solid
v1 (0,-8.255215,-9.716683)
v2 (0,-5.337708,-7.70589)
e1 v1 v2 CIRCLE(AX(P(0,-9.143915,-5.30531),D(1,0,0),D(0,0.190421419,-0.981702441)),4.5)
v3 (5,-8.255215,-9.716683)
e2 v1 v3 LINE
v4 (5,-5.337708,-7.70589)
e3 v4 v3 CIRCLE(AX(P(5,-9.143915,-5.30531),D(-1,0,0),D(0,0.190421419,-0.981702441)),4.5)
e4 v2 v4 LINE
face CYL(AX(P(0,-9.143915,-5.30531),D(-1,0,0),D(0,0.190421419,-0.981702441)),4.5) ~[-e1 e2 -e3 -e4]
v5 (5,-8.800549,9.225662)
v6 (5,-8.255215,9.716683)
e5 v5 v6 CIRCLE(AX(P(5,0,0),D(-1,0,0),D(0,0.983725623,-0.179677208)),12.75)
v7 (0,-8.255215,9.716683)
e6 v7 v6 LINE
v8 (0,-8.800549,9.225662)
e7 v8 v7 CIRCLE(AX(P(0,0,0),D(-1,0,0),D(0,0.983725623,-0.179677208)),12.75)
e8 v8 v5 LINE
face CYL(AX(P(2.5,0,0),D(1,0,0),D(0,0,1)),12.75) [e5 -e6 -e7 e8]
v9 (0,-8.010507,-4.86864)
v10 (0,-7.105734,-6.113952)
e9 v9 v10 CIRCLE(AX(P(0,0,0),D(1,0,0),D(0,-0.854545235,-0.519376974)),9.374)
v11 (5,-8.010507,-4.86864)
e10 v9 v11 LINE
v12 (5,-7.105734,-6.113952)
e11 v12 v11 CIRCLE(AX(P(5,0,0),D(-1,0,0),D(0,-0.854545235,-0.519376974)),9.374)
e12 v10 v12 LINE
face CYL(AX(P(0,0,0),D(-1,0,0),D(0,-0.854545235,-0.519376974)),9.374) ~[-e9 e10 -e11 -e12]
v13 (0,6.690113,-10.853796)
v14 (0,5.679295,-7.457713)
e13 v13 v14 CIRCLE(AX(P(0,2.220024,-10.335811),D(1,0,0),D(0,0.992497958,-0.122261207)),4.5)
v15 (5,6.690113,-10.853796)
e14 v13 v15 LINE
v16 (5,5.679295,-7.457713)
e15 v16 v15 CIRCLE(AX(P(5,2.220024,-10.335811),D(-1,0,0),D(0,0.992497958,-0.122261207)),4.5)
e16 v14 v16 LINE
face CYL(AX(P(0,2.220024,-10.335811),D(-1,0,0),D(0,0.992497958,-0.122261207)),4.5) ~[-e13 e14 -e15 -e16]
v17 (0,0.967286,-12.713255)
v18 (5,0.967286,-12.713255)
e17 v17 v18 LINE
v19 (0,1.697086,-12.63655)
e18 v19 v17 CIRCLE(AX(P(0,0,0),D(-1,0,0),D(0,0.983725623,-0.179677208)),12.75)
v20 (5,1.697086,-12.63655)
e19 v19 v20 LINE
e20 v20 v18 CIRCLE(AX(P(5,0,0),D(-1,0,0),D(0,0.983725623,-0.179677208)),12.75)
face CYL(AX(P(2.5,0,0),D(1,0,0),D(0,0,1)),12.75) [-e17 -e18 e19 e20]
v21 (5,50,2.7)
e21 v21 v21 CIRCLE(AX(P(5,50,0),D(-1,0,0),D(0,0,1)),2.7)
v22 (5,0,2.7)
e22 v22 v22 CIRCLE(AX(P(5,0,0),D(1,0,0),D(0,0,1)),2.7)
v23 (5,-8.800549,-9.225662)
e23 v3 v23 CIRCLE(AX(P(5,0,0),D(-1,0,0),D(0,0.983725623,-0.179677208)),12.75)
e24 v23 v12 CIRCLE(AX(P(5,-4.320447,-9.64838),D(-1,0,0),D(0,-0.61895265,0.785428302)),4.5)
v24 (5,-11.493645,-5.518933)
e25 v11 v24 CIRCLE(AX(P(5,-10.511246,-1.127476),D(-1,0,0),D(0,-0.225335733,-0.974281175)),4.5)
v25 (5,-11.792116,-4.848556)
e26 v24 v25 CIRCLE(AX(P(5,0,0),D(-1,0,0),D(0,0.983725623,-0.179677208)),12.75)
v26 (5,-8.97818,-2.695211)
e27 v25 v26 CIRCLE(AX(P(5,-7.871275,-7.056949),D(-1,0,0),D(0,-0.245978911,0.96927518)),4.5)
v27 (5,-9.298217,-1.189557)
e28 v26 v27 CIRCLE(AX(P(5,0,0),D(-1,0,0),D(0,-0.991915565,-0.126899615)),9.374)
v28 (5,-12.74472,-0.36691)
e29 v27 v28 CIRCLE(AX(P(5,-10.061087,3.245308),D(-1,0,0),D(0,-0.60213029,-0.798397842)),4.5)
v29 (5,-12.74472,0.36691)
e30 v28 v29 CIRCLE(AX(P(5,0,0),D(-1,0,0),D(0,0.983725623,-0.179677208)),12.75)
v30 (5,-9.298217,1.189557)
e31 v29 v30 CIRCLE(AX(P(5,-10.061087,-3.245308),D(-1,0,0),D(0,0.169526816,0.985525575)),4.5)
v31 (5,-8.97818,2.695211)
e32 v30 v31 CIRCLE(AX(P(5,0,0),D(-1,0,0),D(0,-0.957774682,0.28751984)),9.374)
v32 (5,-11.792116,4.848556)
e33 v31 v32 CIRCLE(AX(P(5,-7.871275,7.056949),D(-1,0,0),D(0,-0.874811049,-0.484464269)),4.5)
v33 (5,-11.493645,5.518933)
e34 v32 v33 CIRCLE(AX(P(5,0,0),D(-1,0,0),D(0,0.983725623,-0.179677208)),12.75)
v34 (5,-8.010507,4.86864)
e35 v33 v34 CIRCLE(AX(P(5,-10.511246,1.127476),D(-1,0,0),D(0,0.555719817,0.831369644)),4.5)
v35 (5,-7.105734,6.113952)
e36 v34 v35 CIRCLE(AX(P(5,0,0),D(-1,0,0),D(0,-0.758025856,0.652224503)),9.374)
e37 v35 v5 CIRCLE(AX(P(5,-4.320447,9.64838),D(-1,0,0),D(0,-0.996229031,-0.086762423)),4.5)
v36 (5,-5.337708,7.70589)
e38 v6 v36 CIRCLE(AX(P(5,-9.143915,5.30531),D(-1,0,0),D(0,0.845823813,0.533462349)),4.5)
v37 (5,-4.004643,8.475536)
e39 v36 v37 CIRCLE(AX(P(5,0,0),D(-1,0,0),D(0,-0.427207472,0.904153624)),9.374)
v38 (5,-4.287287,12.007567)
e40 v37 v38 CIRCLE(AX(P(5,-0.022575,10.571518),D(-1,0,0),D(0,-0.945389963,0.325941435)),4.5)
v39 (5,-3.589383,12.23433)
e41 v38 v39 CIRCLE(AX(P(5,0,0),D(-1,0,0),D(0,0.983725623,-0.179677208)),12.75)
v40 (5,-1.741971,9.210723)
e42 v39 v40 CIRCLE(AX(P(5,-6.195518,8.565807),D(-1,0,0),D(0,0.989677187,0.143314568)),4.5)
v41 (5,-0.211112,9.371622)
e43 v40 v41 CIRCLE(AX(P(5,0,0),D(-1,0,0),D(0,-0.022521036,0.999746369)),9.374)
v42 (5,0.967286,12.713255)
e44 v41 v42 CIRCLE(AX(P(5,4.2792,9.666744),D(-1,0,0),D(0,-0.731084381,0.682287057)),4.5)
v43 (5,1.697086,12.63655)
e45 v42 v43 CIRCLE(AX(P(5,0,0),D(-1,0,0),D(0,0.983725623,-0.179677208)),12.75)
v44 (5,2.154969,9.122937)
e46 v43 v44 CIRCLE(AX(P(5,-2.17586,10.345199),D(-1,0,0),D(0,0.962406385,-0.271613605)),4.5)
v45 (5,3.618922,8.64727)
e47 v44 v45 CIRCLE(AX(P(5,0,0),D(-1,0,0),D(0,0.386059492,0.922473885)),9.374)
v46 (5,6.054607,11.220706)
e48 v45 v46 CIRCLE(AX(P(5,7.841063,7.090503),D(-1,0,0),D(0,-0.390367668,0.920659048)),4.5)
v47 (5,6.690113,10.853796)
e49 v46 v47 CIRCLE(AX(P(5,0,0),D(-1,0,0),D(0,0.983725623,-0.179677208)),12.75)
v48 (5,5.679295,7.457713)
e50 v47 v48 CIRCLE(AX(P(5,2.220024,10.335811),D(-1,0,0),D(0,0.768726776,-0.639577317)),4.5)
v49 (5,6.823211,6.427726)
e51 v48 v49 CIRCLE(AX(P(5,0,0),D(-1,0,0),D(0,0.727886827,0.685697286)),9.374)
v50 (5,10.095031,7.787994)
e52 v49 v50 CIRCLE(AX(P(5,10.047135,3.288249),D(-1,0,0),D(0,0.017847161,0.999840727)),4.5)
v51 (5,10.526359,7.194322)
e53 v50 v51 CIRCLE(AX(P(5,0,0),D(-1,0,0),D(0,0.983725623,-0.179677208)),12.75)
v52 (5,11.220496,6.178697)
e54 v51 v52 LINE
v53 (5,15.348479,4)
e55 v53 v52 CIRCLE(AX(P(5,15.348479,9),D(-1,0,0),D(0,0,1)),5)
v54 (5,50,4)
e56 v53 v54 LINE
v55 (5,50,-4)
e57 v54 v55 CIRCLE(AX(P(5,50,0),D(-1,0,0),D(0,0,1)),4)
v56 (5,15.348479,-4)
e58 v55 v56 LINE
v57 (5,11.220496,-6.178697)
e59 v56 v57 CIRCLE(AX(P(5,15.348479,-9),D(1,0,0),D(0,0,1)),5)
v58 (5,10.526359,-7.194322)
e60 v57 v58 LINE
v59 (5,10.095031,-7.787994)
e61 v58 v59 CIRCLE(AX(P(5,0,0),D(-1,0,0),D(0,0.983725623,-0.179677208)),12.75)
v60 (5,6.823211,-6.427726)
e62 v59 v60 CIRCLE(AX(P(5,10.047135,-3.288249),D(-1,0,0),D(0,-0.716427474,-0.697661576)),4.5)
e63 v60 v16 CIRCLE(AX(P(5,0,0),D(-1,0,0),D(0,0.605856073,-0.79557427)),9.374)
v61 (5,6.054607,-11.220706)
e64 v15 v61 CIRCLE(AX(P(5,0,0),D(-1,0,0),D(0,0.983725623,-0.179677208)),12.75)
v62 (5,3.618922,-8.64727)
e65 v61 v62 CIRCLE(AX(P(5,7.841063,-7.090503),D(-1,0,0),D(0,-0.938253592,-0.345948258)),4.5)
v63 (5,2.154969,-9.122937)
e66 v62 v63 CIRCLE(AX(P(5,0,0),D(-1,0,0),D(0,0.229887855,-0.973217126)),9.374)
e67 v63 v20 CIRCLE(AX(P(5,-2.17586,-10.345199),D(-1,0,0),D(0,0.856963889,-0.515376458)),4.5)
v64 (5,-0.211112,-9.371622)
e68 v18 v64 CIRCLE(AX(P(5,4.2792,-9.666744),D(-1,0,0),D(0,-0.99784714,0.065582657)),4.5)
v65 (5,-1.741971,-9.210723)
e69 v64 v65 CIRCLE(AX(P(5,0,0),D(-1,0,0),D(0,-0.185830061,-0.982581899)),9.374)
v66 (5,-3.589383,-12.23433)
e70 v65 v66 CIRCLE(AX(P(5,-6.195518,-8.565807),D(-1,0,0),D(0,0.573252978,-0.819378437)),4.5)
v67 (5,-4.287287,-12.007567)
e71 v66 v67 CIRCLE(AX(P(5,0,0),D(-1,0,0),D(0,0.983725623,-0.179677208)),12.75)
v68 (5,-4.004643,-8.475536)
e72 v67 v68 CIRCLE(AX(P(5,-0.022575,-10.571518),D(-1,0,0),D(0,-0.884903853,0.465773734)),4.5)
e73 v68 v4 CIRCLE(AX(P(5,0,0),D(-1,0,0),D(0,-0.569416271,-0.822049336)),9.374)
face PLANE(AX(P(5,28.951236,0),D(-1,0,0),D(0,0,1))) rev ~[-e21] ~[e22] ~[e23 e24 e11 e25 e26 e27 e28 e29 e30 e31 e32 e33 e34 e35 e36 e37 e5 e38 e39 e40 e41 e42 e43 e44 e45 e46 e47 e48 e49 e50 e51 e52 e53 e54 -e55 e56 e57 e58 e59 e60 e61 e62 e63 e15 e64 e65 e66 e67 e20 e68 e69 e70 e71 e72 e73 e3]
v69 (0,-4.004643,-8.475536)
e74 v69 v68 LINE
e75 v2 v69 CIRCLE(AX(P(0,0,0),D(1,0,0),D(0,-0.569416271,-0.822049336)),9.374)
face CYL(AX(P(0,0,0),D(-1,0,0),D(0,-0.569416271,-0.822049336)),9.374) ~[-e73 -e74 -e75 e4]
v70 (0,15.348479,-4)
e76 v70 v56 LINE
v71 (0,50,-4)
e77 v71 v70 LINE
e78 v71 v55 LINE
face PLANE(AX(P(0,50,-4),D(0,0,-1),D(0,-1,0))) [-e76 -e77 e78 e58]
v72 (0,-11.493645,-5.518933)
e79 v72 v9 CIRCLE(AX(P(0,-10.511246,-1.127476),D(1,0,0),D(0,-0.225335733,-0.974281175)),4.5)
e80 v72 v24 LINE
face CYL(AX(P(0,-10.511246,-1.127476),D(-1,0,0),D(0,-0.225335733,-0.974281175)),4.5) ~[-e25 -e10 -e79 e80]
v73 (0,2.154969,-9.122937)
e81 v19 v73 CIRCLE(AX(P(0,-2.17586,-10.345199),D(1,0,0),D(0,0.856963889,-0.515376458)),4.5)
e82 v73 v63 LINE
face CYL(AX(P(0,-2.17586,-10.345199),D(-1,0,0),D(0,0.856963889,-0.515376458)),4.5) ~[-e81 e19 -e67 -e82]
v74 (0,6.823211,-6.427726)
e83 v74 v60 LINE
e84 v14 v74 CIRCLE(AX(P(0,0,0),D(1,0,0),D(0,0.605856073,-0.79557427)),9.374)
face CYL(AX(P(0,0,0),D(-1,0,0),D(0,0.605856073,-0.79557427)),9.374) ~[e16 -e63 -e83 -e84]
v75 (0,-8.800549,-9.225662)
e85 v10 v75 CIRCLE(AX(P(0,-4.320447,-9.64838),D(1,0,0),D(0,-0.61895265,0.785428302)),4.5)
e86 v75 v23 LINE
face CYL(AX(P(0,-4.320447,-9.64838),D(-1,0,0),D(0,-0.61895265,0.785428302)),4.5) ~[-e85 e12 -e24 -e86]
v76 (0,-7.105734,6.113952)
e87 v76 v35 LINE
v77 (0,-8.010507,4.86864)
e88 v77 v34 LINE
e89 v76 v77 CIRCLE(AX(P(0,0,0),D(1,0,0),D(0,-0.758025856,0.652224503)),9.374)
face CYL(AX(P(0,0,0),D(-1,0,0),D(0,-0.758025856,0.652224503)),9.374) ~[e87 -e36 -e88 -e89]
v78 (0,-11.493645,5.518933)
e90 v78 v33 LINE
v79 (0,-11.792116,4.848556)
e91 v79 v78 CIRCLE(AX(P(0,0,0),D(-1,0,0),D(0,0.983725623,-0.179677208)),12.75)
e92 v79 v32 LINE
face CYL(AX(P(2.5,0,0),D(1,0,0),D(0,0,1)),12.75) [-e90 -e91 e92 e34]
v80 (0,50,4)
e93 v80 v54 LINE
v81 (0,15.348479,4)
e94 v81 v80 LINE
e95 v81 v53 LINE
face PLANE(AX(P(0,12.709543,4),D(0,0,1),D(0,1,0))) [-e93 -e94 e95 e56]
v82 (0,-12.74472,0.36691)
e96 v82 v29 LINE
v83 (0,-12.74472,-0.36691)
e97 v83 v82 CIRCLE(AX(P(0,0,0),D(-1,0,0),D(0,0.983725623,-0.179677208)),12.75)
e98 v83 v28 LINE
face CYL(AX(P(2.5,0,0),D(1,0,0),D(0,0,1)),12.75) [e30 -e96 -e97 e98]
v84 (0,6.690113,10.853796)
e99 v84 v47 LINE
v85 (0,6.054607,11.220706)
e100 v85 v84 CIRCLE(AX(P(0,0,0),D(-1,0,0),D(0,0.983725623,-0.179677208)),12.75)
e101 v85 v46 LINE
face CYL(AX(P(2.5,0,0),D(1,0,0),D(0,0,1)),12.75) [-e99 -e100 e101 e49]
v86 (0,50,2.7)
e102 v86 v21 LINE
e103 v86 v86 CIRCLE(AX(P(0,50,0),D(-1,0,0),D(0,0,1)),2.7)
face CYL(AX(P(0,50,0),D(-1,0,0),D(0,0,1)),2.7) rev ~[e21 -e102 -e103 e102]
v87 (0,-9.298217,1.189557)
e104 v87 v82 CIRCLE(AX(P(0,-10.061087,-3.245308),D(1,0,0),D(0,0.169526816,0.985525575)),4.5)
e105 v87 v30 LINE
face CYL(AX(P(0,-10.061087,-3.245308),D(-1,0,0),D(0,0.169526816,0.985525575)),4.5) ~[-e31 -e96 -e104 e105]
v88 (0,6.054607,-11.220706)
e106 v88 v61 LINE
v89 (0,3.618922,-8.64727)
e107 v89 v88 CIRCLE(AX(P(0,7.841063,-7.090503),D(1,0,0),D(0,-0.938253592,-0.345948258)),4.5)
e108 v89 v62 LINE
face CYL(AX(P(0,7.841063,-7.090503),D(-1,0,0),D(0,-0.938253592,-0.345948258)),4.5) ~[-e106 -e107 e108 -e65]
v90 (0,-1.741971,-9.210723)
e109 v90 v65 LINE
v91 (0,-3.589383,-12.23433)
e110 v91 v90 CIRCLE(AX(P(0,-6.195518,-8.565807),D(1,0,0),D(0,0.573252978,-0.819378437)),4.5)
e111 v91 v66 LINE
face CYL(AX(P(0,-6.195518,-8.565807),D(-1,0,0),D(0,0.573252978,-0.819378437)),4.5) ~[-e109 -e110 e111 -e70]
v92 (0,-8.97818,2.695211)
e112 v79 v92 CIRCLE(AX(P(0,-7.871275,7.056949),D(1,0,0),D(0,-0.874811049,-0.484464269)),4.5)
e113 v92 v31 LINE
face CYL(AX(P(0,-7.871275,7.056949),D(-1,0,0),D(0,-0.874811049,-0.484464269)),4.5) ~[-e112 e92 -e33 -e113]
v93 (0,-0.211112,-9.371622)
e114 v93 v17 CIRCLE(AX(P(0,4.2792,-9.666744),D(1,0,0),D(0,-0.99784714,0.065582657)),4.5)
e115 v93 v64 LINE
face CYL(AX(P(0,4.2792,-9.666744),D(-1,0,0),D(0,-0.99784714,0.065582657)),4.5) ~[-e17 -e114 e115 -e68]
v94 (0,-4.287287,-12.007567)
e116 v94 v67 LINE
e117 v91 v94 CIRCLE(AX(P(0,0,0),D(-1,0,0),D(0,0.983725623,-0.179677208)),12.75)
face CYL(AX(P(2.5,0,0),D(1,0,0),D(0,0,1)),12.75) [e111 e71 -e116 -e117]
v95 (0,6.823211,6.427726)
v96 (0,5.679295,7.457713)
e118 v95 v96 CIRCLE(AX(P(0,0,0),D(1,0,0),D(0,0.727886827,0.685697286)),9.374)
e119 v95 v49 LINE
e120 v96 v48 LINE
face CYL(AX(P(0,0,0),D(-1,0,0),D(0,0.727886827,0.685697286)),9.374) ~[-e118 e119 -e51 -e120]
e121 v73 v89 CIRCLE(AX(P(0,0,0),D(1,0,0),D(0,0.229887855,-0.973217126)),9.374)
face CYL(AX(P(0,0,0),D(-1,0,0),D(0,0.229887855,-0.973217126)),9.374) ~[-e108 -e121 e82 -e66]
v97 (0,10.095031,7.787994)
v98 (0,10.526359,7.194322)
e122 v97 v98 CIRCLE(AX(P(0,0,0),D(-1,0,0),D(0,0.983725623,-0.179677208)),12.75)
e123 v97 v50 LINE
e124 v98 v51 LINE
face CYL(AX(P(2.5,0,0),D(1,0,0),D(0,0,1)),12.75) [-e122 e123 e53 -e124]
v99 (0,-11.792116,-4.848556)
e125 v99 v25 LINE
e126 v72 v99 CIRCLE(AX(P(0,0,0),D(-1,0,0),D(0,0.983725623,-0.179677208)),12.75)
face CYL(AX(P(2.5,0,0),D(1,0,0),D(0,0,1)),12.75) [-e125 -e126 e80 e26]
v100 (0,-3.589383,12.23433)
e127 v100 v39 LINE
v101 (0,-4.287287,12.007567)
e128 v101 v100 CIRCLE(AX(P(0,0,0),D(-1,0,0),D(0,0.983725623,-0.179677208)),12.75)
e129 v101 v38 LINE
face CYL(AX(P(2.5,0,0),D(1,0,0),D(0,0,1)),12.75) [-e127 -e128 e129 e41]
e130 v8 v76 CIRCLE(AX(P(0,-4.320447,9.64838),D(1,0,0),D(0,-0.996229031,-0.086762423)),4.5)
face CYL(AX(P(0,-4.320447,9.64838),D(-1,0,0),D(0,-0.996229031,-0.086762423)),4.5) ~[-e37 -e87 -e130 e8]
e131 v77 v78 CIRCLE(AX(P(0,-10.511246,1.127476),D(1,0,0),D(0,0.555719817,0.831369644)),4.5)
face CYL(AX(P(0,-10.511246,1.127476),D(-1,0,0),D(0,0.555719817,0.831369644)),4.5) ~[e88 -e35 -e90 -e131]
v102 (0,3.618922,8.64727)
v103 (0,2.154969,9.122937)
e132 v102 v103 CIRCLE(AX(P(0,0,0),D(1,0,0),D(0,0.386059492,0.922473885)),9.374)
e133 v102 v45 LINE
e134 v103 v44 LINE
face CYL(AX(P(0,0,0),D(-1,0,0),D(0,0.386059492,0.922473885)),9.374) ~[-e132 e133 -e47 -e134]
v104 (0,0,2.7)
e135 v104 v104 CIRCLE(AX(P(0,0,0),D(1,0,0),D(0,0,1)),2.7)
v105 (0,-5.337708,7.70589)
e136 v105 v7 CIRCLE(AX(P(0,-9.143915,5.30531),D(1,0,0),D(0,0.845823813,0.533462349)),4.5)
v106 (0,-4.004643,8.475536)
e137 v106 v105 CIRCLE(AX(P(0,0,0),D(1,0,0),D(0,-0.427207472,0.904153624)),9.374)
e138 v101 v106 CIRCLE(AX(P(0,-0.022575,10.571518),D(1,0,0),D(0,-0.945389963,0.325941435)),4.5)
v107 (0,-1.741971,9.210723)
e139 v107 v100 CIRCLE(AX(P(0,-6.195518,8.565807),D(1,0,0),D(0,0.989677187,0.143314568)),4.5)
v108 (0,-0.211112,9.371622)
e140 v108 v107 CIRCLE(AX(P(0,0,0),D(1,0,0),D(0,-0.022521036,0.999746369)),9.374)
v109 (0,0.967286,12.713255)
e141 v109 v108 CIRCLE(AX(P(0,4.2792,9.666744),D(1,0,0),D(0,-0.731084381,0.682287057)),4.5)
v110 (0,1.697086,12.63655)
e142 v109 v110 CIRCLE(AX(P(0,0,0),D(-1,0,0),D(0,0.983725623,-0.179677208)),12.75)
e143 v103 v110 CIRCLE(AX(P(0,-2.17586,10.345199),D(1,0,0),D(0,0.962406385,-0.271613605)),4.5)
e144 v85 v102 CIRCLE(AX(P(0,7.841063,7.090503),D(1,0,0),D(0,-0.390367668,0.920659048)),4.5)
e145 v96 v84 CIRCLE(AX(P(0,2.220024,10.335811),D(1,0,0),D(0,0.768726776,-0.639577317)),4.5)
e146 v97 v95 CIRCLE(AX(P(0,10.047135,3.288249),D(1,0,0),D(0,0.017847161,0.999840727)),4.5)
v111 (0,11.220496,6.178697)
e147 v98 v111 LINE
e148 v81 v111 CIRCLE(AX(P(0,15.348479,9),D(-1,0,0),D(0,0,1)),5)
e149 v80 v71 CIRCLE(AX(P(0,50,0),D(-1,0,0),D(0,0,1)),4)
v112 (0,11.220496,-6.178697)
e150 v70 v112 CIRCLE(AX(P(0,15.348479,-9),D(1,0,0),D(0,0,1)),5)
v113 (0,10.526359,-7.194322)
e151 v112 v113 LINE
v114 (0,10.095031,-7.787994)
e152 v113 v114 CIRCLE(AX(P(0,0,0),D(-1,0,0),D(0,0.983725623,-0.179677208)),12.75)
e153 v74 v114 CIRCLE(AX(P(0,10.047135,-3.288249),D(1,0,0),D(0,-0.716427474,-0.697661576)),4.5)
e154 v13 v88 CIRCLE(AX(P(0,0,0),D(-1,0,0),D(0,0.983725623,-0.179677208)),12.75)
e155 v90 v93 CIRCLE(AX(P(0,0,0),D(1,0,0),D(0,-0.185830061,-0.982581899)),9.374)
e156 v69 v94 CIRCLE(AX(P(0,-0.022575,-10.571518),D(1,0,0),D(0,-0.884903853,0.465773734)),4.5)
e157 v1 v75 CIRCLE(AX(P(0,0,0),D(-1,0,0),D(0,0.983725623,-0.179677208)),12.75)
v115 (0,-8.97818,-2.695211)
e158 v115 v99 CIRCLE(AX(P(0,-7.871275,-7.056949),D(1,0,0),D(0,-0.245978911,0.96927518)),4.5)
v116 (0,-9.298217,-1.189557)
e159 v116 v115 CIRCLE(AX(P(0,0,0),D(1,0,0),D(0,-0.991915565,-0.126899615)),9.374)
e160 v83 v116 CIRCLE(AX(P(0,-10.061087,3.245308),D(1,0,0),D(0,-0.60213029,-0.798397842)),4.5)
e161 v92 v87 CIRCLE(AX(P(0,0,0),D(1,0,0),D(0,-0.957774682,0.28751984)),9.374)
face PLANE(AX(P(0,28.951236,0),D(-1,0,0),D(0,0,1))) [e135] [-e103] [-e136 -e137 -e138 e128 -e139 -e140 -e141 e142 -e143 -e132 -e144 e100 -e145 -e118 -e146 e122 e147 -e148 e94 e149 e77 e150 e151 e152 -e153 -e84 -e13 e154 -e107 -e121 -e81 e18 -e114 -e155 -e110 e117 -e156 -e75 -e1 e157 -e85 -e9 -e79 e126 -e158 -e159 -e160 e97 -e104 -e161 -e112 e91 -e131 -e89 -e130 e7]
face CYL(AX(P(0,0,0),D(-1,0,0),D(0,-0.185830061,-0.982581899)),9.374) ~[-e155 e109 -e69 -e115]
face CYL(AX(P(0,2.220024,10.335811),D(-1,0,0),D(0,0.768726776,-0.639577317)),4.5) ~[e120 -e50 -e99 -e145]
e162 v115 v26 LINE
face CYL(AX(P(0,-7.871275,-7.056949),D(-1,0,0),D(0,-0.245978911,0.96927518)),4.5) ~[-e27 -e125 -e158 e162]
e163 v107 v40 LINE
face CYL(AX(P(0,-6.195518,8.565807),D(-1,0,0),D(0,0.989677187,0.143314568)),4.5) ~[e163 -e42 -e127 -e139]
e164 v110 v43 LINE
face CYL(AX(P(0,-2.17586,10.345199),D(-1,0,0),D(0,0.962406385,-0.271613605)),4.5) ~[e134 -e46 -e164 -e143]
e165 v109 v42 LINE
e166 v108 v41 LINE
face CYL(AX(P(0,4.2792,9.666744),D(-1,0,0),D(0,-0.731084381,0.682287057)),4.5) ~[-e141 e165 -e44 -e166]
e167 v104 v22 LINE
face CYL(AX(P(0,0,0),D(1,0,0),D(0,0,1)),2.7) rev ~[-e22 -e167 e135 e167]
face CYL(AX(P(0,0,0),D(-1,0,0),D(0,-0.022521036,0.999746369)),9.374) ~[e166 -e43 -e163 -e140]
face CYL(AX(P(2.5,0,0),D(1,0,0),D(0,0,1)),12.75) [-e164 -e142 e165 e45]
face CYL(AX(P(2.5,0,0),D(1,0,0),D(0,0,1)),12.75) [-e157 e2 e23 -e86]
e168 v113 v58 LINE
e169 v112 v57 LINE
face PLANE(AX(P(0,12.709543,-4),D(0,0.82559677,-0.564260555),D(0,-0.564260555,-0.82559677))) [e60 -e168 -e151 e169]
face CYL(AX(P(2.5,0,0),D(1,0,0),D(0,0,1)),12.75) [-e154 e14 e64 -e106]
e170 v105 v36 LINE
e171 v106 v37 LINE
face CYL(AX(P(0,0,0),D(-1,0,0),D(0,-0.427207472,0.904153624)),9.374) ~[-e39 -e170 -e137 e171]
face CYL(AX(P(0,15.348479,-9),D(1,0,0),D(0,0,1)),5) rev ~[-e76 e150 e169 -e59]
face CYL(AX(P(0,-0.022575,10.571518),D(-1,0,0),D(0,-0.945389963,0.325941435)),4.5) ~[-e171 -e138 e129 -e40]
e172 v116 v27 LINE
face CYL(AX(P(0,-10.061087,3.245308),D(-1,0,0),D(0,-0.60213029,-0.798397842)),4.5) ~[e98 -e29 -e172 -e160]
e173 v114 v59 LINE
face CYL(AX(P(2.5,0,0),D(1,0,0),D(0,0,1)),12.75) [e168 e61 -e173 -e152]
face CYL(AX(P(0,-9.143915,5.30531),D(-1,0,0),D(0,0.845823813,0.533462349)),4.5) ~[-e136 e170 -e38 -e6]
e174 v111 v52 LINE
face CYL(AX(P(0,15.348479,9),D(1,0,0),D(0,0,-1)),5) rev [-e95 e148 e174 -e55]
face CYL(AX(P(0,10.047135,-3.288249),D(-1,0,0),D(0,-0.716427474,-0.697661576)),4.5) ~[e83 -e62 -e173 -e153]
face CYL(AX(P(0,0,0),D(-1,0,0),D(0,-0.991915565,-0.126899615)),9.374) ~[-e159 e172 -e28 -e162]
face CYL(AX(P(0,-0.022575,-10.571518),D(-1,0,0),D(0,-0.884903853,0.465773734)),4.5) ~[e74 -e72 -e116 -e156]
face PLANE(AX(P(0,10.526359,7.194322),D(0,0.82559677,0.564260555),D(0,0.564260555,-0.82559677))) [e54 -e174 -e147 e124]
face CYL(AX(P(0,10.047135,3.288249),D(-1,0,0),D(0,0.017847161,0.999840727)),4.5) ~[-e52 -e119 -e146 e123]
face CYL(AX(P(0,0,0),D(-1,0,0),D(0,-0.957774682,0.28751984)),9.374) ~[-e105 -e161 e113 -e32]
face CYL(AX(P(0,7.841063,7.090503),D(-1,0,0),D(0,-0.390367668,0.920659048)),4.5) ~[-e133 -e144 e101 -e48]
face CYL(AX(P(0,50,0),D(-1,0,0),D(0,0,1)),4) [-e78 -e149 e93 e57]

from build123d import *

# Parameters (mm, degrees)
BASPROSKE_W         = 5
BASPROSKE_H         = 12.75
TOOTHCUT_DEPTH      = 19.711627401
TEETHCUTS_COUNT     = 15
TEETHCUTS_ANGLE     = 336
BORSKE_R            = 2.7
BORE_DEPTH          = 50.0015748
SKETCH1_R           = 2.7
BOSS_EXTRUDE1_DEPTH = 5
FILLET1_R           = 5


with BuildPart() as part:
    # BasProSke → Base-Revolve (revolve)
    with BuildSketch(Plane(origin=(0, 0, 0), x_dir=(1, 0, 0), z_dir=(0, 1, 0)), mode=Mode.PRIVATE) as base_revolve_sk:
        with Locations((2.5, 6.375)):
            Rectangle(BASPROSKE_W, BASPROSKE_H)
    revolve(base_revolve_sk.sketch.rotate(Axis((-10, 0, 0), (1, 0, 0)), 180), axis=Axis((-10, 0, 0), (1, 0, 0)))

    # TooCutSke → ToothCut (cut, through all)
    with BuildSketch(Plane(origin=(0, 0, 0), x_dir=(0, 0, -1), z_dir=(1, 0, 0))):
        with BuildLine():
            ThreePointArc((0.769645606, 9.34235097), (0, 9.374), (-0.769645606, 9.34235097))
            ThreePointArc((-0.769645606, 9.34235097), (-1.209019537, 11.113083179), (-2.315283452, 12.563849239))
            ThreePointArc((-2.315283452, 12.563849239), (0, 12.7754), (2.315283452, 12.563849239))
            ThreePointArc((2.315283452, 12.563849239), (1.209019537, 11.113083179), (0.769645606, 9.34235097))
        make_face()
    toothcut = extrude(amount=TOOTHCUT_DEPTH, mode=Mode.SUBTRACT)

    # TeethCuts: ToothCut ×15 about axis
    teethcuts_axis = Axis((-10, 0, 0), (1, 0, 0))
    for i in range(1, TEETHCUTS_COUNT):
        add(toothcut.rotate(teethcuts_axis, i * TEETHCUTS_ANGLE / (TEETHCUTS_COUNT - 1)), mode=Mode.SUBTRACT)

    # BorSke → Bore (cut, symmetric)
    with BuildSketch(Plane(origin=(0, 0, 0), x_dir=(0, 0, -1), z_dir=(1, 0, 0))):
        with Locations(Location((0, 0, 0), (0, 0, 180))):
            Circle(BORSKE_R)
    extrude(amount=BORE_DEPTH, both=True, mode=Mode.SUBTRACT)

    # Sketch1 → Boss-Extrude1 (add)
    with BuildSketch(Plane.ZY):
        with BuildLine():
            Line((4, 12.709543162), (4, 50))
            ThreePointArc((4, 50), (0, 54), (-4, 50))
            Line((-4, 50), (-4, 12.709543162))
            Line((-4, 12.709543162), (-7.194322072, 10.526358816))
            Line((-7.194322072, 10.526358816), (-4.502982719, 8.221619222))
            Line((-4.502982719, 8.221619222), (4.502982719, 8.221619222))
            Line((4.502982719, 8.221619222), (7.194322072, 10.526358816))
            Line((7.194322072, 10.526358816), (4, 12.709543162))
        make_face()
        with Locations((0, 50)):
            Circle(SKETCH1_R, mode=Mode.SUBTRACT)
    extrude(amount=-BOSS_EXTRUDE1_DEPTH)

    # Fillet1
    fillet1_edges = [part.edges().sort_by_distance(p)[0] for p in [
        (2.5, 12.709543162, 4),
        (2.5, 12.709543162, -4),
    ]]
    fillet(fillet1_edges, radius=FILLET1_R)


solid = part.part
